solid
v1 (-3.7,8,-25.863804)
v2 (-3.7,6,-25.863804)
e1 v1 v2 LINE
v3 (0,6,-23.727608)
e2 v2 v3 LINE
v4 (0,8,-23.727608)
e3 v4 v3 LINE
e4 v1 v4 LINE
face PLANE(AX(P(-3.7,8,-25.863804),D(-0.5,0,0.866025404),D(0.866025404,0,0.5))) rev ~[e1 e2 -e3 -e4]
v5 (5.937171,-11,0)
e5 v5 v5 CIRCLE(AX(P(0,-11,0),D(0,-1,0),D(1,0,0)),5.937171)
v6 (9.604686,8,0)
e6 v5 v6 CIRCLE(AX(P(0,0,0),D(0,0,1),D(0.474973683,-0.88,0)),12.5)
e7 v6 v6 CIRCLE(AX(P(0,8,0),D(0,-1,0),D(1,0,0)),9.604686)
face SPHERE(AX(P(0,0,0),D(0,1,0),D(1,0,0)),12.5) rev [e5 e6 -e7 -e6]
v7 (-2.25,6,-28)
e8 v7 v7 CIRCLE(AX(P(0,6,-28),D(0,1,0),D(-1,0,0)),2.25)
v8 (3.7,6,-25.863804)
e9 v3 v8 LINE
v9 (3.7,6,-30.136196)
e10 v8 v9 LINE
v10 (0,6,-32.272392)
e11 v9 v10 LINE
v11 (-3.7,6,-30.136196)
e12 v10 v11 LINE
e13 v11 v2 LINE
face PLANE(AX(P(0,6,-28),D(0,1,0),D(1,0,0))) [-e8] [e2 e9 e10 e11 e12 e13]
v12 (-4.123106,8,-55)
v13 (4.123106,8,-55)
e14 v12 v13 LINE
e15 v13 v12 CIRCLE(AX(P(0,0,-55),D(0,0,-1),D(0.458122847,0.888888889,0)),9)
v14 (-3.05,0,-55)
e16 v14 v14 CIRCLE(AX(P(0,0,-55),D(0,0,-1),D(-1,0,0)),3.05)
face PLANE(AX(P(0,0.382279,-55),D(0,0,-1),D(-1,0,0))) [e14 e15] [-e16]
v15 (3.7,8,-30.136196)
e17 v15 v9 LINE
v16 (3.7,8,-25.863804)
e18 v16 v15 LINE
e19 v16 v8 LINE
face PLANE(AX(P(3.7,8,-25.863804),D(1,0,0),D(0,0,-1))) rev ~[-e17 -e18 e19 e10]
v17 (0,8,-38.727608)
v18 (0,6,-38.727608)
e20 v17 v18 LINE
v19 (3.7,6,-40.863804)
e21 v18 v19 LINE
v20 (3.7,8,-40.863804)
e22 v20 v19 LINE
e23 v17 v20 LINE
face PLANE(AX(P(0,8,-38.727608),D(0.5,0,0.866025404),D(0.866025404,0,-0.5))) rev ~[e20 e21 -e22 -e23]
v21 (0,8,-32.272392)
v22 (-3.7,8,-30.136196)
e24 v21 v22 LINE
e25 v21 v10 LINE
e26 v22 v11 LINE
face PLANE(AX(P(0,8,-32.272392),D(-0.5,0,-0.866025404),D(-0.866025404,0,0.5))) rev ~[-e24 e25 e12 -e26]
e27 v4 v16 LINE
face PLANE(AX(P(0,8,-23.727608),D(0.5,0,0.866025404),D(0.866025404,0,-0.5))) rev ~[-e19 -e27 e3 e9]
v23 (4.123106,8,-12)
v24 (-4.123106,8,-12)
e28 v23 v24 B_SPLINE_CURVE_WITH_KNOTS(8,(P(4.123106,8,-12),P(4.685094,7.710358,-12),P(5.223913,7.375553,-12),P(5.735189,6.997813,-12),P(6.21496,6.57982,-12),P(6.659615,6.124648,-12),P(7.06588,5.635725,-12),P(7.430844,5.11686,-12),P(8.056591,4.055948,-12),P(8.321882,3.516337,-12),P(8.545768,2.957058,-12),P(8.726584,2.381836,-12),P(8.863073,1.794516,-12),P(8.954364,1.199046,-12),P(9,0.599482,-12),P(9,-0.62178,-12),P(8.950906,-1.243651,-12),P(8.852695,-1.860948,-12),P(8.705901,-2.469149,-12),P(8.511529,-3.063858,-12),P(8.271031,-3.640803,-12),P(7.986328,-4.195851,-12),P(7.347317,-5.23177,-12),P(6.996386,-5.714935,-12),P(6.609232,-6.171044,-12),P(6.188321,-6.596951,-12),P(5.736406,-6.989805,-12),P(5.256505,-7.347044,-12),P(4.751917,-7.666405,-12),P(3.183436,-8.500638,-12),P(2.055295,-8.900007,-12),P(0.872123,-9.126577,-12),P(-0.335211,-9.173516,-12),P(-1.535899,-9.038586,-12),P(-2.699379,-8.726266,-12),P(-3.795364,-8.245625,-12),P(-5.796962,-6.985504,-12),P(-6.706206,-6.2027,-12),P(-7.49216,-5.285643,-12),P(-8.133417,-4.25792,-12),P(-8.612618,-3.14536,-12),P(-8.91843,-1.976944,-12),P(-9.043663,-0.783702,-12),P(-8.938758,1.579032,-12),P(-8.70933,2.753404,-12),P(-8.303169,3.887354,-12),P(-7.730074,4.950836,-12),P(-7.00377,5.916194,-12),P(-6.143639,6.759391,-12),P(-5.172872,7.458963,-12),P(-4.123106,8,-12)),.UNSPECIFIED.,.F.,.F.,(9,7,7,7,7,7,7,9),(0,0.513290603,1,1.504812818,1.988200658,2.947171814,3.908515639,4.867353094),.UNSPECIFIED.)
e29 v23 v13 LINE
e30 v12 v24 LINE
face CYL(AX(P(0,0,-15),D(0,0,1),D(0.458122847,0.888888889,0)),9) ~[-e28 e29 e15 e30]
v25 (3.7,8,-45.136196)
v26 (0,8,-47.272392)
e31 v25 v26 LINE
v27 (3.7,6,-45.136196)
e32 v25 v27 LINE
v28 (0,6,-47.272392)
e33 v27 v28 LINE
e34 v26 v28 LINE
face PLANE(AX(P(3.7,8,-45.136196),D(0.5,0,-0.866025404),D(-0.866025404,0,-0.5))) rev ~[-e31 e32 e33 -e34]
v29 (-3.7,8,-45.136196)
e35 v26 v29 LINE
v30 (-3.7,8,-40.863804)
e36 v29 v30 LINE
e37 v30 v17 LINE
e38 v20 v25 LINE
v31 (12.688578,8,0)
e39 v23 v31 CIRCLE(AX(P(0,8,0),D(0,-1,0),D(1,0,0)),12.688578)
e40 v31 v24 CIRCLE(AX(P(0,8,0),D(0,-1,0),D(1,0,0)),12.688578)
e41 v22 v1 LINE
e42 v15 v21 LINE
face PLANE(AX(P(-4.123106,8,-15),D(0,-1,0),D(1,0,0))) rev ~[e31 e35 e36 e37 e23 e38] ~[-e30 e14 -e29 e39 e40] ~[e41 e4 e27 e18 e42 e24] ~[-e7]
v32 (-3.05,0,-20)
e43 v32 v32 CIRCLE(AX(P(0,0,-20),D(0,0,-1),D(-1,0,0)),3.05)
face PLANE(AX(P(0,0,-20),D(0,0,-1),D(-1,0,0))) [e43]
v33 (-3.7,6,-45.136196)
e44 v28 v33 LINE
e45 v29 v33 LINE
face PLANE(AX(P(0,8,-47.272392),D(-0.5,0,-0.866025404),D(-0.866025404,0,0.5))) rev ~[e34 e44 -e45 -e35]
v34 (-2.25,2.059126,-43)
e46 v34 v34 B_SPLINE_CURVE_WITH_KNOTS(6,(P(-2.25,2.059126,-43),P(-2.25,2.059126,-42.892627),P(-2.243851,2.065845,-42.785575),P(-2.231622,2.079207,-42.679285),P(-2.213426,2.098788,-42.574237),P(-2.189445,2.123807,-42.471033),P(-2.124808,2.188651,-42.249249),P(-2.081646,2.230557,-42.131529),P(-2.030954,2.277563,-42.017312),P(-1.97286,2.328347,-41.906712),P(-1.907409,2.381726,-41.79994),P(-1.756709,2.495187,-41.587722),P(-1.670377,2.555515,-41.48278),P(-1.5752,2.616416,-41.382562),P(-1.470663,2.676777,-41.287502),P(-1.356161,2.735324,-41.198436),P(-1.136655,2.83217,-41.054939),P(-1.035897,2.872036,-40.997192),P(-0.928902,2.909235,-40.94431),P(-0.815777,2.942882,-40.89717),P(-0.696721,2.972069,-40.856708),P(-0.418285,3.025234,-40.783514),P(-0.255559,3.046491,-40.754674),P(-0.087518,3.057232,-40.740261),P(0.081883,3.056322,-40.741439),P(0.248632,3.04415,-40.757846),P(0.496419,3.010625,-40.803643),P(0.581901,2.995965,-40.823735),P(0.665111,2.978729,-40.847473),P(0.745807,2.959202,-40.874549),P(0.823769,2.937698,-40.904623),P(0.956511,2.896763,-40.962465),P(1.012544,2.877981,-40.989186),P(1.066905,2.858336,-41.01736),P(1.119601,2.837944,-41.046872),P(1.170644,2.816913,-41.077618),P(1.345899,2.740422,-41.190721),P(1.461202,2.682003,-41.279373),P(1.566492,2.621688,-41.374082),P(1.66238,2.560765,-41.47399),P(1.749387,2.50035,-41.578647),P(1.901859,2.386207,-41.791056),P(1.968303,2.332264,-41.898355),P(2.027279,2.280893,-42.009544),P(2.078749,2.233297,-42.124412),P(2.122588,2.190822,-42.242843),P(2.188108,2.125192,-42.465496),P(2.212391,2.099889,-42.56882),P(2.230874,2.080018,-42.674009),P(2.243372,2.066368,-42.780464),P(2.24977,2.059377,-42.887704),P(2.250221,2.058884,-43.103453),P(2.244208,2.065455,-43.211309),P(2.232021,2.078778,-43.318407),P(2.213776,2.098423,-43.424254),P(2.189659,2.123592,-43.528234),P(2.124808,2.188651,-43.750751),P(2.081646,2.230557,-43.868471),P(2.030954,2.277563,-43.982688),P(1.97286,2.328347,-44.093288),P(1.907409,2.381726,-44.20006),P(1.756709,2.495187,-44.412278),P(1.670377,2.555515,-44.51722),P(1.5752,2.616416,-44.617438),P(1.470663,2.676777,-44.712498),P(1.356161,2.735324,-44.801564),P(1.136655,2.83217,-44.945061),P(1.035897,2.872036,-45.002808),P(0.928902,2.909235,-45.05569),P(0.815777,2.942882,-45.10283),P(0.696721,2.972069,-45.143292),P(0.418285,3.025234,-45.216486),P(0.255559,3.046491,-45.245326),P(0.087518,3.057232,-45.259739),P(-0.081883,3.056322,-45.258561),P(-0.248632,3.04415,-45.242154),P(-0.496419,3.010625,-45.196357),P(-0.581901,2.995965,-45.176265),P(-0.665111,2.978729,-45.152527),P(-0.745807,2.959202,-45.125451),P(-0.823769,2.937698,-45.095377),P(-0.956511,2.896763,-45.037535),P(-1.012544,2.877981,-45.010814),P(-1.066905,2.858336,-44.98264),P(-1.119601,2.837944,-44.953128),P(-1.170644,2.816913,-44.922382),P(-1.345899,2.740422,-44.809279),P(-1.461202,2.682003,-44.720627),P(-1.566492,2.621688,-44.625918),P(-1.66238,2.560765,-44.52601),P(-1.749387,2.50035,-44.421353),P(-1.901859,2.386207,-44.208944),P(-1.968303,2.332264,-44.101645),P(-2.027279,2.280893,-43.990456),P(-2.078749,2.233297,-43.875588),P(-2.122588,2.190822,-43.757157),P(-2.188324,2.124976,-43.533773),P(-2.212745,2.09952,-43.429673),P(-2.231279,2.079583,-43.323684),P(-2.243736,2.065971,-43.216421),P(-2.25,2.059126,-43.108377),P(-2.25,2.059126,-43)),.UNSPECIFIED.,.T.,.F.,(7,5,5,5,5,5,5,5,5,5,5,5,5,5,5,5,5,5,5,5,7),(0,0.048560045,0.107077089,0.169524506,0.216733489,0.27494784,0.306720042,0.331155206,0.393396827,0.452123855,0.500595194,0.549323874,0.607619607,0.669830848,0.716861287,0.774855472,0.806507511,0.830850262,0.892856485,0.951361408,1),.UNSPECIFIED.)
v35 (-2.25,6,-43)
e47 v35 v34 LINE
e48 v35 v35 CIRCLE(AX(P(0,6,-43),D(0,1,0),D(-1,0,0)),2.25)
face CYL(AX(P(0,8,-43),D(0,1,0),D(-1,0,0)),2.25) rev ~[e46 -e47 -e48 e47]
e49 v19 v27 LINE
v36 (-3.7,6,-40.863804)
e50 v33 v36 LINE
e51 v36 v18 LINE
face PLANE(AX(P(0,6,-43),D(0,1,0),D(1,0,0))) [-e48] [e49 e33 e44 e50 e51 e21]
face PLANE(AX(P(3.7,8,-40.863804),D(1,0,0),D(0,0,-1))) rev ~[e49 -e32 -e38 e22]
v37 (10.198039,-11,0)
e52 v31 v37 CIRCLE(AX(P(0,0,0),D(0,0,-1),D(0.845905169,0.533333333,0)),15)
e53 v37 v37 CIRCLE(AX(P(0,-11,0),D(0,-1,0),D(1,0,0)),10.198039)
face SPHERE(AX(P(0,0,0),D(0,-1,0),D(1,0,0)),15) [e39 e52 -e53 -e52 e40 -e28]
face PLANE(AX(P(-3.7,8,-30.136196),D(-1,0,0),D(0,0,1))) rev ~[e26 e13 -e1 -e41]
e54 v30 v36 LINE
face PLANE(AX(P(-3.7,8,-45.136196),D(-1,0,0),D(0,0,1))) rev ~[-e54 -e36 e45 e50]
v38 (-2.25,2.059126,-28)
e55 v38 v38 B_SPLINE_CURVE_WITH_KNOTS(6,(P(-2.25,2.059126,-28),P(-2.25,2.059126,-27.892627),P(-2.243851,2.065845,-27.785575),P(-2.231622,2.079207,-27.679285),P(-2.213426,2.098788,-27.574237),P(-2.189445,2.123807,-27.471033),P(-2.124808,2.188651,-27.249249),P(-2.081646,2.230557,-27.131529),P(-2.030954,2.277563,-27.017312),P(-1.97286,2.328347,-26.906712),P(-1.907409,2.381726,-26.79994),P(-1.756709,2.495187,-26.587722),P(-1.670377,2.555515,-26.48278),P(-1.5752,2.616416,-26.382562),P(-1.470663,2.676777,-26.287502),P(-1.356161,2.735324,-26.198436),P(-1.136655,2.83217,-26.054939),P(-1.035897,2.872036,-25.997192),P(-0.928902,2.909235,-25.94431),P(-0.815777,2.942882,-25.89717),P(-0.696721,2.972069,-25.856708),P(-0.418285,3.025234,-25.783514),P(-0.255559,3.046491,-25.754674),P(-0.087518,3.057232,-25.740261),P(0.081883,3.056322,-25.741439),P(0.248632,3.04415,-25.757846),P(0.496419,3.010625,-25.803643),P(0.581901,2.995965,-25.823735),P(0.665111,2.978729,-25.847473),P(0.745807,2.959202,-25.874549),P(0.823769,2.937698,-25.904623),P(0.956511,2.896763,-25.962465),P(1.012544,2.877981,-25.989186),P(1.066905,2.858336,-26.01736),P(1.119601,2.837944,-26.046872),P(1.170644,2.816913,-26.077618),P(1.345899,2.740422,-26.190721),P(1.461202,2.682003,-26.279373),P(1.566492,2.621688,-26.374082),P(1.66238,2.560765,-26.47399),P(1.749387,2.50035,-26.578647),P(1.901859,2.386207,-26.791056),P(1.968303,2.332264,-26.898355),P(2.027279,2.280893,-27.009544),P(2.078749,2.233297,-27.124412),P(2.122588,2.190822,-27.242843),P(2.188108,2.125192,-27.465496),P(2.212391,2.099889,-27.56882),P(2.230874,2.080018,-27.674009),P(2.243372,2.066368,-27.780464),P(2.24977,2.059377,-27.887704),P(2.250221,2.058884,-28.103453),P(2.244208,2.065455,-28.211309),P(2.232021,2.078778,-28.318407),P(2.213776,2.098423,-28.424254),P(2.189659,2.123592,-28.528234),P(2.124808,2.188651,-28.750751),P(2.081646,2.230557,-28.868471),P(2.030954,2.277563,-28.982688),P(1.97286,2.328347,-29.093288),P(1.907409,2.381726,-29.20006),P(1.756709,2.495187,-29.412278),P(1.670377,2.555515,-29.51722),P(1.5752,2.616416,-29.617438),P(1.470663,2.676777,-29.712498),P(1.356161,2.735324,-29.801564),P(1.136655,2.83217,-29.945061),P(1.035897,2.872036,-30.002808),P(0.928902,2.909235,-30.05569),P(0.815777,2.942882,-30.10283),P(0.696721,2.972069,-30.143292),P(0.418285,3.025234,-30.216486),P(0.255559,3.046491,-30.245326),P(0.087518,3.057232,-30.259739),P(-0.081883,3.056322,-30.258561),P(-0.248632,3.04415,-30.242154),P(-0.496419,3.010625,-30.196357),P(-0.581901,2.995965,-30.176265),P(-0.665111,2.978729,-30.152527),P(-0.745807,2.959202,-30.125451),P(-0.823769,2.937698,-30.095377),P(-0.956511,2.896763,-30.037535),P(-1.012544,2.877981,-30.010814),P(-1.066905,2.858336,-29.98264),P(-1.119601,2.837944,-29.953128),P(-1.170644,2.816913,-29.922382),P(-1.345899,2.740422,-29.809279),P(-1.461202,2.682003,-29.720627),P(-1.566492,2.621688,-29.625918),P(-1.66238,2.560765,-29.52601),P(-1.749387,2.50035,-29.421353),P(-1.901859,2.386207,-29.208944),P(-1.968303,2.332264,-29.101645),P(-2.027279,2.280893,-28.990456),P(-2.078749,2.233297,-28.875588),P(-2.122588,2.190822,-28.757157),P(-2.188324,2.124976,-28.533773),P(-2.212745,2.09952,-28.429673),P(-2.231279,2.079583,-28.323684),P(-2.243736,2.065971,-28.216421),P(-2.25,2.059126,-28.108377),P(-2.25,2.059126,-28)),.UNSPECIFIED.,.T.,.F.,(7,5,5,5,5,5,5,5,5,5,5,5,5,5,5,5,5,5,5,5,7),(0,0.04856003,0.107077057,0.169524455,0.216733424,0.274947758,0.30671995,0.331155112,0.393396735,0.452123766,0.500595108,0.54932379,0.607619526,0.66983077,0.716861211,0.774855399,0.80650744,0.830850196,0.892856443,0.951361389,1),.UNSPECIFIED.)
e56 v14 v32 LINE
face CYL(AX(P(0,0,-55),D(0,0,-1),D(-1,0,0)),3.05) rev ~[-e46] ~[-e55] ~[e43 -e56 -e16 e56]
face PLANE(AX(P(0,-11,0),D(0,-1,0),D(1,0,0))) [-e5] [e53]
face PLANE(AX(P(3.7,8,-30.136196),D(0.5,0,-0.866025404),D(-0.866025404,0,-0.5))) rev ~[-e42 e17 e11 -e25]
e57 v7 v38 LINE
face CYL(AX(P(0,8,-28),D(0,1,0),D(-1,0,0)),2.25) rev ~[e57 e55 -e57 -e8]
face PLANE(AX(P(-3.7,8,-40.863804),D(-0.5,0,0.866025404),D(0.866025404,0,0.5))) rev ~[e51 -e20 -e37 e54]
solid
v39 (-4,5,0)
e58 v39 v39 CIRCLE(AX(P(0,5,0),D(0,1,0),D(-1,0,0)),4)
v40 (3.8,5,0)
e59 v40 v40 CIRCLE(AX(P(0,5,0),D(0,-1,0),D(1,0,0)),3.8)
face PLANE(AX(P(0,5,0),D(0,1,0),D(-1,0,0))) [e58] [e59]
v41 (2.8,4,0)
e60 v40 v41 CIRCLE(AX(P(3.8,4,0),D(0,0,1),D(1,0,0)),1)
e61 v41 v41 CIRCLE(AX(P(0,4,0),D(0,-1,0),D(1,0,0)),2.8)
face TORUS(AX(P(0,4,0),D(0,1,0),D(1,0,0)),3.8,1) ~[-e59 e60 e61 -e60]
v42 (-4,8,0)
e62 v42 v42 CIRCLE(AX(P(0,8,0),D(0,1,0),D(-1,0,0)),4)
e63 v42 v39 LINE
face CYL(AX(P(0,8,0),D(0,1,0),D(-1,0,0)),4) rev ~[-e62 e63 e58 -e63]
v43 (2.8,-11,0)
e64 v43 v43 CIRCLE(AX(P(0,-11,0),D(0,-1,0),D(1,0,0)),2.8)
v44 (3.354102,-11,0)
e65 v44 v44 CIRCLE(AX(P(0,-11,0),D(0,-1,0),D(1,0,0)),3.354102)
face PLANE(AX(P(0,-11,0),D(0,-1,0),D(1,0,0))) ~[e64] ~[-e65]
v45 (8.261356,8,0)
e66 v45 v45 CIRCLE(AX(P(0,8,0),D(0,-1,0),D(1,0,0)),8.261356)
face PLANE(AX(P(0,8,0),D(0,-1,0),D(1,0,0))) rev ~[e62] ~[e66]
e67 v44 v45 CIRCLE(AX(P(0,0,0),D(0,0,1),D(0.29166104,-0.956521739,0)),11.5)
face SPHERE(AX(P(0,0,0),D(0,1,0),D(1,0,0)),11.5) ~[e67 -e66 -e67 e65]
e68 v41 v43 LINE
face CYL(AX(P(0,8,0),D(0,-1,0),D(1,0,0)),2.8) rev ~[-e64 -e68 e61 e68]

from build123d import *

# Parameters (mm, degrees)
BOSS_EXTRUDE2_REACH             = 37.299
BOSS_EXTRUDE2_END_RADIUS        = 15
BOSS_EXTRUDE2_DIRECTION_2_DEPTH = 40
SKETCH3_R                       = 3.05
CUT_EXTRUDE1_DEPTH              = 35
SKETCH4_R                       = 2.25
CUT_EXTRUDE3_DEPTH              = 2
CUT_EXTRUDE4_REACH              = 62.092
CUT_EXTRUDE4_END_RADIUS         = 3.05
SKETCH4_3_R                     = 2.25
SKETCH5_R                       = 4
CUT_EXTRUDE5_DEPTH              = 3
FILLET1_R                       = 1


with BuildPart() as part:
    # Sketch1 → Revolve1 (revolve)
    with BuildSketch(Plane.XY):
        with BuildLine():
            Line((8.261355821, 8), (2.8, 8))
            Line((2.8, 8), (2.8, -5.86600375))
            Line((2.8, -5.86600375), (2.8, -11))
            Line((2.8, -11), (3.354101966, -11))
            ThreePointArc((3.354101966, -11), (11.134617861, -2.875810338), (8.261355821, 8))
        make_face()
        with BuildLine():
            ThreePointArc((5.937171044, -11), (12.27344014, -2.369106824), (9.604686356, 8))
            Line((9.604686356, 8), (12.68857754, 8))
            ThreePointArc((12.68857754, 8), (14.872770572, -1.949537258), (10.198039027, -11))
            Line((10.198039027, -11), (5.937171044, -11))
        make_face()
    revolve(axis=Axis((0, 10, 0), (0, -1, 0)))

    # Boss-Extrude2: up to this sphere (the profile starts outside it)
    boss_extrude2_end = Location((0, 0, 0)) * Sphere(BOSS_EXTRUDE2_END_RADIUS, mode=Mode.PRIVATE)
    # Sketch2 → Boss-Extrude2 (add, up to the surface)
    with BuildSketch(Plane(origin=(0, 0, -15), x_dir=(-1, 0, 0), z_dir=(0, 0, -1)), mode=Mode.PRIVATE) as boss_extrude2_sk1:
        with BuildLine():
            Line((4.123105626, 8), (-4.123105626, 8))
            ThreePointArc((-4.123105626, 8), (0, -9), (4.123105626, 8))
        make_face()
    boss_extrude2_tool1 = extrude(boss_extrude2_sk1.sketch, amount=-BOSS_EXTRUDE2_REACH, mode=Mode.PRIVATE) - boss_extrude2_end
    add(boss_extrude2_tool1.solids().sort_by_distance((0, -0.187735, -15))[0])

    # Sketch2 → Boss-Extrude2 direction 2 (add)
    with BuildSketch(Plane(origin=(0, 0, -15), x_dir=(-1, 0, 0), z_dir=(0, 0, -1))):
        with BuildLine():
            Line((4.123105626, 8), (-4.123105626, 8))
            ThreePointArc((-4.123105626, 8), (0, -9), (4.123105626, 8))
        make_face()
    extrude(amount=BOSS_EXTRUDE2_DIRECTION_2_DEPTH)

    # Sketch3 → Cut-Extrude1 (cut)
    with BuildSketch(Plane(origin=(0, 0, -55), x_dir=(-1, 0, 0), z_dir=(0, 0, -1))):
        Circle(SKETCH3_R)
    extrude(amount=-CUT_EXTRUDE1_DEPTH, mode=Mode.SUBTRACT)

    # Sketch4 → Cut-Extrude3 (cut)
    # profile 1 of 2: a face of its own
    with BuildSketch(Plane(origin=(0, 8, 0), x_dir=(1, 0, 0), z_dir=(0, 1, 0))):
        Polygon((-3.7, 25.863804004), (0, 23.727608008), (3.7, 25.863804004), (3.7, 30.136195996), (0, 32.272391992), (-3.7, 30.136195996), align=None)
        with Locations(Location((0, 28, 0), (0, 0, 180))):
            Circle(SKETCH4_R, mode=Mode.SUBTRACT)
    # profile 2 of 2: a face of its own
    with BuildSketch(Plane(origin=(0, 8, 0), x_dir=(1, 0, 0), z_dir=(0, 1, 0))):
        Polygon((-3.7, 40.863804004), (0, 38.727608008), (3.7, 40.863804004), (3.7, 45.136195996), (0, 47.272391992), (-3.7, 45.136195996), align=None)
        with Locations(Location((0, 43, 0), (0, 0, 180))):
            Circle(SKETCH4_R, mode=Mode.SUBTRACT)
    extrude(amount=-CUT_EXTRUDE3_DEPTH, mode=Mode.SUBTRACT)

    # Cut-Extrude4: up to this cylinder (the profile starts outside it)
    cut_extrude4_end = Plane(origin=(0, 0, -35.5), z_dir=(0, 0, -1)) * Cylinder(CUT_EXTRUDE4_END_RADIUS, 146.284, mode=Mode.PRIVATE)
    # Sketch4<3> → Cut-Extrude4 (cut, up to the surface)
    with BuildSketch(Plane(origin=(0, 8, 0), x_dir=(1, 0, 0), z_dir=(0, 1, 0)), mode=Mode.PRIVATE) as cut_extrude4_sk1:
        with Locations(Location((0, 28, 0), (0, 0, 180))):
            Circle(SKETCH4_3_R)
    cut_extrude4_tool1 = extrude(cut_extrude4_sk1.sketch, amount=-CUT_EXTRUDE4_REACH, mode=Mode.PRIVATE) - cut_extrude4_end
    add(cut_extrude4_tool1.solids().sort_by_distance((0, 8, -28))[0], mode=Mode.SUBTRACT)
    # Sketch4<3> → Cut-Extrude4 (cut, up to the surface)
    with BuildSketch(Plane(origin=(0, 8, 0), x_dir=(1, 0, 0), z_dir=(0, 1, 0)), mode=Mode.PRIVATE) as cut_extrude4_sk2:
        with Locations(Location((0, 43, 0), (0, 0, 180))):
            Circle(SKETCH4_3_R)
    cut_extrude4_tool2 = extrude(cut_extrude4_sk2.sketch, amount=-CUT_EXTRUDE4_REACH, mode=Mode.PRIVATE) - cut_extrude4_end
    add(cut_extrude4_tool2.solids().sort_by_distance((0, 8, -43))[0], mode=Mode.SUBTRACT)

    # Sketch5 → Cut-Extrude5 (cut)
    with BuildSketch(Plane(origin=(0, 8, 0), x_dir=(1, 0, 0), z_dir=(0, 1, 0))):
        with Locations(Location((0, 0, 0), (0, 0, 180))):
            Circle(SKETCH5_R)
    extrude(amount=-CUT_EXTRUDE5_DEPTH, mode=Mode.SUBTRACT)

    # Fillet1
    fillet1_edges = [part.edges().sort_by_distance(p)[0] for p in [
        (-2.8, 5, 0),
    ]]
    fillet(fillet1_edges, radius=FILLET1_R)


solid = part.part
